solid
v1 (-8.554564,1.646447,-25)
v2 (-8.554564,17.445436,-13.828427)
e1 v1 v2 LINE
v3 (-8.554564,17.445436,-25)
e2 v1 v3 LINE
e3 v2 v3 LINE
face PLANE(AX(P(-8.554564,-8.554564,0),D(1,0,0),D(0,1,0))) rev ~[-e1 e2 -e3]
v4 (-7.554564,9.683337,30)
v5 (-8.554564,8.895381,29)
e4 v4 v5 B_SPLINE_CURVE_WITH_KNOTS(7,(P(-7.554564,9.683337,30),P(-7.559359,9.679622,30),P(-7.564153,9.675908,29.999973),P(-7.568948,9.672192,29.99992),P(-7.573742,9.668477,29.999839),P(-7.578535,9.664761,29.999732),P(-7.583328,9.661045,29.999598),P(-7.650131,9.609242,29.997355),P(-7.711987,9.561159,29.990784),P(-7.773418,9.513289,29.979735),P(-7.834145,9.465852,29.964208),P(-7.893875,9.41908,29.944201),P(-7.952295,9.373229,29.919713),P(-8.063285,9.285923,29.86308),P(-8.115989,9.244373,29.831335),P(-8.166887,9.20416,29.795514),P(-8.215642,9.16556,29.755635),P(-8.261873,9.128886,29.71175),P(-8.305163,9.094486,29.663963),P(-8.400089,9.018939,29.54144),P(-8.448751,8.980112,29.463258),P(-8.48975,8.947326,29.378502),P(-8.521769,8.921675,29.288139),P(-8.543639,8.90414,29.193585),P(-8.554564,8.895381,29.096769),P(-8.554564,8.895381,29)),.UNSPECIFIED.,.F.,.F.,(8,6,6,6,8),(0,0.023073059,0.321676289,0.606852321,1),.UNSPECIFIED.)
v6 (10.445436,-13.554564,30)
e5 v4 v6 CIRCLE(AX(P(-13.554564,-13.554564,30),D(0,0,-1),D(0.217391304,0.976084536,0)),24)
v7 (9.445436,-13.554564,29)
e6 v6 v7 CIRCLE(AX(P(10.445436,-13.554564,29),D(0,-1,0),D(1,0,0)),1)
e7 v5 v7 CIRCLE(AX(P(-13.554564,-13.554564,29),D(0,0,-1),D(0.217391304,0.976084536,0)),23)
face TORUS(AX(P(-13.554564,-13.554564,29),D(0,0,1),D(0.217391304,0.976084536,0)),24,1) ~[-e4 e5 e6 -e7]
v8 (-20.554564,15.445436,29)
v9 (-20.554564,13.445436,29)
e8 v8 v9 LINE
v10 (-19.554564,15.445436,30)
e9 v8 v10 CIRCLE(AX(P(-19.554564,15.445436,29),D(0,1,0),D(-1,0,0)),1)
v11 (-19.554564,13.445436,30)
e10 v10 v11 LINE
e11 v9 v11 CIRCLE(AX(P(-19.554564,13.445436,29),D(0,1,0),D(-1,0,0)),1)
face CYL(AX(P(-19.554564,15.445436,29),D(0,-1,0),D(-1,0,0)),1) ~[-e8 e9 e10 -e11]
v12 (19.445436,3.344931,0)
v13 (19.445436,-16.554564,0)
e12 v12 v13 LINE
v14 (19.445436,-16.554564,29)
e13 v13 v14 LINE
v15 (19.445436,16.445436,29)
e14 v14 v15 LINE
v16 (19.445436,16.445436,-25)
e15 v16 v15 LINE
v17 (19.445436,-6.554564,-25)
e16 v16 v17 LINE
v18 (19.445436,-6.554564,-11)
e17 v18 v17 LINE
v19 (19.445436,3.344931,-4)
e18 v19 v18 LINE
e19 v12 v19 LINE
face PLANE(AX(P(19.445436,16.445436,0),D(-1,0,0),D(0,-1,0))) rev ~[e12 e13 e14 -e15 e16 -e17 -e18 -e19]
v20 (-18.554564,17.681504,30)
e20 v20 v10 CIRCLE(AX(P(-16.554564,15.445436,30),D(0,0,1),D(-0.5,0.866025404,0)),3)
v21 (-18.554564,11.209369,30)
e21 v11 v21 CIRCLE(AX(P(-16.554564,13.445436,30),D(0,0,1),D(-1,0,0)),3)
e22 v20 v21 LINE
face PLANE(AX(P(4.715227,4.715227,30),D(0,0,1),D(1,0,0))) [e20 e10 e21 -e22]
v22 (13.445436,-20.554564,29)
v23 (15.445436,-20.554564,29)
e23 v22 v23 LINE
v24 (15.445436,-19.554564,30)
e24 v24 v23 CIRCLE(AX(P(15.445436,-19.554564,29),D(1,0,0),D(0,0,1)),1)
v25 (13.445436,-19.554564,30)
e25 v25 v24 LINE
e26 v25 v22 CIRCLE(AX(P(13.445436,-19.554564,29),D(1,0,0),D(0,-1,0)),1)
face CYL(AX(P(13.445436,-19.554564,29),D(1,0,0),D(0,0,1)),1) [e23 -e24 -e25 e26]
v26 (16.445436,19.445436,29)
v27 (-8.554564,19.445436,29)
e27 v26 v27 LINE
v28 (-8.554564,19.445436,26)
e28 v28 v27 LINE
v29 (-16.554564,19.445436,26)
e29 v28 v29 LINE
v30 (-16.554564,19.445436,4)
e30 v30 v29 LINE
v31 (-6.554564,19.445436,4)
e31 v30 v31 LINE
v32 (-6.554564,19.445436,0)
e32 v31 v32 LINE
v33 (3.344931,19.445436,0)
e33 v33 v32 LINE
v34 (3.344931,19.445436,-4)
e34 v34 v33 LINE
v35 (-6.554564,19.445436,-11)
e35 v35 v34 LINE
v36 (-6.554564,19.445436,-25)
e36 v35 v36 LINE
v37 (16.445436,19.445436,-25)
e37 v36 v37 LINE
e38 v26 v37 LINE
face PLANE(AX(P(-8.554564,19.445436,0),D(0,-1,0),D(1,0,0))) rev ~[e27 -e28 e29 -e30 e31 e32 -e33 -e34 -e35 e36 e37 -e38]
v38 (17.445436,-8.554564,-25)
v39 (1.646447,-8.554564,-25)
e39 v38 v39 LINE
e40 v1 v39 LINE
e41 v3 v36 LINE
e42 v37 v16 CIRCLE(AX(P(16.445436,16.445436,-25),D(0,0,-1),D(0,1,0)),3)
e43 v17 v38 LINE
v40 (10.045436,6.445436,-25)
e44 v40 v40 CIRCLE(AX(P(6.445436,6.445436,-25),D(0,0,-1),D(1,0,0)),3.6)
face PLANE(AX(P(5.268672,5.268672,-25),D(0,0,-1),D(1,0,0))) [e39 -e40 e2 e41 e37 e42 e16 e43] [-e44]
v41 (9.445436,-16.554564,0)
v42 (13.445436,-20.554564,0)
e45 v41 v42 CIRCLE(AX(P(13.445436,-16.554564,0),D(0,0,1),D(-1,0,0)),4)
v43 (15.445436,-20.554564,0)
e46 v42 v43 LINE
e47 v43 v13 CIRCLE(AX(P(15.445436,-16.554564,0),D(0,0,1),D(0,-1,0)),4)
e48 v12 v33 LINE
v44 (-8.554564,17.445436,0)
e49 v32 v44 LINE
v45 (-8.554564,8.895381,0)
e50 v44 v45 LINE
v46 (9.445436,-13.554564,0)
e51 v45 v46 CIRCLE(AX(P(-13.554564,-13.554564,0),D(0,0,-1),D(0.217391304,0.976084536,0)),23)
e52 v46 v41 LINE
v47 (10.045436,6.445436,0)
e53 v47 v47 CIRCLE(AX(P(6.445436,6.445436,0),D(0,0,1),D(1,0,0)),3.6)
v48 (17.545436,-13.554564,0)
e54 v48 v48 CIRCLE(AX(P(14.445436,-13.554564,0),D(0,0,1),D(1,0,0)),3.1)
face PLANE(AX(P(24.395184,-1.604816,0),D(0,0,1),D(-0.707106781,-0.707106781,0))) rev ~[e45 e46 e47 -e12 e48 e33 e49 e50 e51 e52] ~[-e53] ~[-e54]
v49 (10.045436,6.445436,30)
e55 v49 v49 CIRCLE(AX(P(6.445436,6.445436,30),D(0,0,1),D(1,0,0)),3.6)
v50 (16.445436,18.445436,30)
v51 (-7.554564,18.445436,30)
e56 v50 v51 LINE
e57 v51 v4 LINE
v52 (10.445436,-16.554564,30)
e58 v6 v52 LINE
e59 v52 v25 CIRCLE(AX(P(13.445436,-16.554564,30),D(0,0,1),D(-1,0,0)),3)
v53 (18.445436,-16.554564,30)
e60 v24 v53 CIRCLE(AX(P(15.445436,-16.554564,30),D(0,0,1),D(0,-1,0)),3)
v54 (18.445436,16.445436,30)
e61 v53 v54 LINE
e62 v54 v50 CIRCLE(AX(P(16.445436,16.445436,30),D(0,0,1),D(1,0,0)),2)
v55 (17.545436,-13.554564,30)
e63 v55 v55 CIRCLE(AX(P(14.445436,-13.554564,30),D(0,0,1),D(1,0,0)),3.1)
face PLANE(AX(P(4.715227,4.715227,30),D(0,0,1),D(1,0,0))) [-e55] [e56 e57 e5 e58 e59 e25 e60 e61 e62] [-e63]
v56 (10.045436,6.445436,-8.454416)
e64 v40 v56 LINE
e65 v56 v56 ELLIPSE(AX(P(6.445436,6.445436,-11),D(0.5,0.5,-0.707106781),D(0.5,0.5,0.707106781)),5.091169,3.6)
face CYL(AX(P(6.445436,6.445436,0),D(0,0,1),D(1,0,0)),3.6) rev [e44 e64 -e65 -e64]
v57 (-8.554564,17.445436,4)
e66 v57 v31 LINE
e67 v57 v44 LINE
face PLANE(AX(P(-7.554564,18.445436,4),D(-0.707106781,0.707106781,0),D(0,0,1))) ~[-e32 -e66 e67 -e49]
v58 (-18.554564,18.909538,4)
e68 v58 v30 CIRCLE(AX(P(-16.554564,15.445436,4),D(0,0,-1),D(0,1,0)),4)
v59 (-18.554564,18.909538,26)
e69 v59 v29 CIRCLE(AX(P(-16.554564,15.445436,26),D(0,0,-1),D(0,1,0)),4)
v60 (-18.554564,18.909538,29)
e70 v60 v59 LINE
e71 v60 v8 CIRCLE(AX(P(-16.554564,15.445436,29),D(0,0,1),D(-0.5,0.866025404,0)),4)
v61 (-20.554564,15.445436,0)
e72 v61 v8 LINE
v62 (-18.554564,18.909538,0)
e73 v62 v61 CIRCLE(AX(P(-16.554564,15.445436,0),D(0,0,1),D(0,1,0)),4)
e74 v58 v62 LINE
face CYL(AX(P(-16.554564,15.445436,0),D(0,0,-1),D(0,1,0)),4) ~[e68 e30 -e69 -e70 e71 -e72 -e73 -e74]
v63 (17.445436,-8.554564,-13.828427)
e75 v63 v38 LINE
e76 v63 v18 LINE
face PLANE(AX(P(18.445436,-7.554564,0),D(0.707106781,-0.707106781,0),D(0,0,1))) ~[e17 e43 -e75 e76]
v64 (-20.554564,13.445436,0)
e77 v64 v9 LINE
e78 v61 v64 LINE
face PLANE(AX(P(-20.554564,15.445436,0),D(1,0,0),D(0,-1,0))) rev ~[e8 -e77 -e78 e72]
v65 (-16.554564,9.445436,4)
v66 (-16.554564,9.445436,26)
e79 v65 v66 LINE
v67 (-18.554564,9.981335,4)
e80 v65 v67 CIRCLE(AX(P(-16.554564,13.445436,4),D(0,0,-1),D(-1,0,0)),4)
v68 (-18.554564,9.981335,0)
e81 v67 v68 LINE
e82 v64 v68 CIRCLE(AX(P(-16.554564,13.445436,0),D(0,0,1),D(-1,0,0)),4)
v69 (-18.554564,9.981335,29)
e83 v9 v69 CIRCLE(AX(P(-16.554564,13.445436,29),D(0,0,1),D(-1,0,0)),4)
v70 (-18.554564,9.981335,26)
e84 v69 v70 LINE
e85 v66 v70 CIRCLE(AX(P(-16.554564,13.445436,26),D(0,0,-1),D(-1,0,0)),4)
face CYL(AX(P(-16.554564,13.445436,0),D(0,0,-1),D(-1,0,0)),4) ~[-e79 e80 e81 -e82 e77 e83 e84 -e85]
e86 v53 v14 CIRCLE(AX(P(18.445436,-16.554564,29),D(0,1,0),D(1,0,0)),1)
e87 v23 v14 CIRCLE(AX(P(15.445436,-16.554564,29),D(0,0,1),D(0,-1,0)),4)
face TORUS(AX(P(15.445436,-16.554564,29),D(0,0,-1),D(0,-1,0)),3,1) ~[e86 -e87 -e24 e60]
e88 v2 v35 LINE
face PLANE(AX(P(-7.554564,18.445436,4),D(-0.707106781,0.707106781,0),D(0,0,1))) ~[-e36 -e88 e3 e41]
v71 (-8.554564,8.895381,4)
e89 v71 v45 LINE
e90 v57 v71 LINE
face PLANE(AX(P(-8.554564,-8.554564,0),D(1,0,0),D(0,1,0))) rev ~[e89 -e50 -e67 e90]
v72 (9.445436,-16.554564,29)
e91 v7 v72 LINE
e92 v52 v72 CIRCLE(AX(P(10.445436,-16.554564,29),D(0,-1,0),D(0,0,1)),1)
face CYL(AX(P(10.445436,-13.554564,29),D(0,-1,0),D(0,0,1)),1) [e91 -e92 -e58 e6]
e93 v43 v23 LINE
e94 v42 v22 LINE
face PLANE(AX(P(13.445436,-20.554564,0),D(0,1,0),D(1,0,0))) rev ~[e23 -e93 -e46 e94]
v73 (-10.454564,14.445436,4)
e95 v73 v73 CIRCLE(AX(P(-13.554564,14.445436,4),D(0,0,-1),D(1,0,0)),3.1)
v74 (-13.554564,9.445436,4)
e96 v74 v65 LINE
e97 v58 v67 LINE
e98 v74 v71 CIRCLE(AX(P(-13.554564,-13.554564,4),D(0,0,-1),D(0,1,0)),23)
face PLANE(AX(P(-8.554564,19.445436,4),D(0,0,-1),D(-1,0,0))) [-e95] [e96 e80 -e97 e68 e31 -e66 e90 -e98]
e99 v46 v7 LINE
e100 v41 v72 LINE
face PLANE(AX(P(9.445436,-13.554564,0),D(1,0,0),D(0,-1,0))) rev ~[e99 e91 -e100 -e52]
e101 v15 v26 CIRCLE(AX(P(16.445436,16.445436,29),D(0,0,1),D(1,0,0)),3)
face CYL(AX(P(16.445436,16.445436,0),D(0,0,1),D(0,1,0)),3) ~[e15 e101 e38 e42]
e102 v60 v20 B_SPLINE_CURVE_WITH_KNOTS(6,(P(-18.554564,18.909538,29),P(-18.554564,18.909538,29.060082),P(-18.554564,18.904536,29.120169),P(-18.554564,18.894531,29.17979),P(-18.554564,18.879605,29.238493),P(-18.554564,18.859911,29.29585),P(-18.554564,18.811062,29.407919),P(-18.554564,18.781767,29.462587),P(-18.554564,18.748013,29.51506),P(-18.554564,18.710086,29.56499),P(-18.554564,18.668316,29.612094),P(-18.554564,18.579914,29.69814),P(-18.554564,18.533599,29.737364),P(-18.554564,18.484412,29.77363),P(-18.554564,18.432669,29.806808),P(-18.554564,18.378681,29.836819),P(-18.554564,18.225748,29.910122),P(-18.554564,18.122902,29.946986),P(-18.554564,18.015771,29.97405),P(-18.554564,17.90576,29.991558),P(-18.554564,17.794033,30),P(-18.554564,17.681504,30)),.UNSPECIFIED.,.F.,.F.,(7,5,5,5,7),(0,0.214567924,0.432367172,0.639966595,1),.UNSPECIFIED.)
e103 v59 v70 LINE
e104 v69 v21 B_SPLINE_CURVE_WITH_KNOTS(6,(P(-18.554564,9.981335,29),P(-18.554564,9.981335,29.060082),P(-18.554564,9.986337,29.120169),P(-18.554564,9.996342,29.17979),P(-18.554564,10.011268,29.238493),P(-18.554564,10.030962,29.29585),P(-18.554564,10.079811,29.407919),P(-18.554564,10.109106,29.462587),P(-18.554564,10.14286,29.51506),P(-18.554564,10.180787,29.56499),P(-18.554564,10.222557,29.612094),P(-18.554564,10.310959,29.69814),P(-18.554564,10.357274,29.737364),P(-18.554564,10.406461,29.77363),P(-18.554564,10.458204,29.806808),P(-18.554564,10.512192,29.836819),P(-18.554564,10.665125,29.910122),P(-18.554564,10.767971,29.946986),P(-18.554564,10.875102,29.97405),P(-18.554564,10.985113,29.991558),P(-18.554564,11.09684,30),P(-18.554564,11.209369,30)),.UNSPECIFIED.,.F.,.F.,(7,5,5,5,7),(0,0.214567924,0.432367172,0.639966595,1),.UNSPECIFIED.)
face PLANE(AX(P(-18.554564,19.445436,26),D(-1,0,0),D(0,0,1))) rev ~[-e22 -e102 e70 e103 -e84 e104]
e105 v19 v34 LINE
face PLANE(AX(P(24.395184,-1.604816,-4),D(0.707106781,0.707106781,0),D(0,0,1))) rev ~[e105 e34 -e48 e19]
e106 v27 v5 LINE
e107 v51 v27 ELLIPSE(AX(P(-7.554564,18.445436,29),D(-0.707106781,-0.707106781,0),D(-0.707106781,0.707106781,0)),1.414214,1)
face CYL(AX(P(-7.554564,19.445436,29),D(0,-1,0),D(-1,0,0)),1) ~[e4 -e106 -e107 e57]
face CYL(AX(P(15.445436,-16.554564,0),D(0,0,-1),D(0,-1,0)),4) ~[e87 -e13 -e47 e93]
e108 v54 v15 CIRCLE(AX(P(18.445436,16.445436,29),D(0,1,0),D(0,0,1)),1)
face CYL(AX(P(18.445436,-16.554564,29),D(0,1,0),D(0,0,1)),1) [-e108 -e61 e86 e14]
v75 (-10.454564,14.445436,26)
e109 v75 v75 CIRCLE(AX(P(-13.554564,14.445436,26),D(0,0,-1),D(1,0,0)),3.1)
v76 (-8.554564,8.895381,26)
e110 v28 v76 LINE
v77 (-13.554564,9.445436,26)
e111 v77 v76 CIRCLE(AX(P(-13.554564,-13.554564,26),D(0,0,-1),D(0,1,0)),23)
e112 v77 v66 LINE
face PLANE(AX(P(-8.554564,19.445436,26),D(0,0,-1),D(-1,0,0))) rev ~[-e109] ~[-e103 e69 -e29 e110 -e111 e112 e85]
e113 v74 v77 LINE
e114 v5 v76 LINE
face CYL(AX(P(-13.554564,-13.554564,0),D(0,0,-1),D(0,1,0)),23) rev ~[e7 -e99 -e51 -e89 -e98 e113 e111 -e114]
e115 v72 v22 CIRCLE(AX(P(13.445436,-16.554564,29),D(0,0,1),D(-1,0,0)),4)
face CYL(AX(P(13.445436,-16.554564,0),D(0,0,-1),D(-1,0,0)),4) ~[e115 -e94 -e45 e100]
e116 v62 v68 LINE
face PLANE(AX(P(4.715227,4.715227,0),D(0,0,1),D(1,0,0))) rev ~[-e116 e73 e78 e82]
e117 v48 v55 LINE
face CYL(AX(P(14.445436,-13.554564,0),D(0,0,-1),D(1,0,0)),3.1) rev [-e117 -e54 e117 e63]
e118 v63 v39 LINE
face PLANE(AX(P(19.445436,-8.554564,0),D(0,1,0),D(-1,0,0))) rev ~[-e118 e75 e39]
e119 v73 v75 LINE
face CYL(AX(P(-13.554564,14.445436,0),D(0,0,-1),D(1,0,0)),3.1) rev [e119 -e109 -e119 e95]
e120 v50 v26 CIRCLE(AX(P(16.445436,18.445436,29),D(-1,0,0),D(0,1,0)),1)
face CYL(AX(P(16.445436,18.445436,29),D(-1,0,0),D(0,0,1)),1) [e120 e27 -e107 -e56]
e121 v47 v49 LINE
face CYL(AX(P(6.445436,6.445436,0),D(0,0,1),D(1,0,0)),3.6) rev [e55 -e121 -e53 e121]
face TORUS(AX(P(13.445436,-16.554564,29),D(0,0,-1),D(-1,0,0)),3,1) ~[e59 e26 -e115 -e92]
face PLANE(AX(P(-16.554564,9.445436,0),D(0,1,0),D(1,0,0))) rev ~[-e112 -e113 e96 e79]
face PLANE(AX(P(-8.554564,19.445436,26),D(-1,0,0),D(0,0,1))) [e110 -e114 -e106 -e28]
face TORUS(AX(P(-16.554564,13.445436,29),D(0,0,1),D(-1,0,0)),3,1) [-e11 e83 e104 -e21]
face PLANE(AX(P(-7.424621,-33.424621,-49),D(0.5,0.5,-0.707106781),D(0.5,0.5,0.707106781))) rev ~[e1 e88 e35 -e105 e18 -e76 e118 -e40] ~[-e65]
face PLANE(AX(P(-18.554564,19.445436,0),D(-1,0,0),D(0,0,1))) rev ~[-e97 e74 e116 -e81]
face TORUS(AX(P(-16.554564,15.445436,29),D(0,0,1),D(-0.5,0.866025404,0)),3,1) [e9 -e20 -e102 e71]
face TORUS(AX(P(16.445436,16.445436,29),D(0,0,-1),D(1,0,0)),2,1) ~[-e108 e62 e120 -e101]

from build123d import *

# Parameters (mm, degrees)
F0_R     = 3.1
F0_R_2   = 3.6
F1_DEPTH = 30
F2_W     = 10
F2_H     = 4
F3_DEPTH = 40.001
F4_R     = 1
F5_R     = 3.6
F6_DEPTH = 25
F7_SIZE  = 2
F9_DEPTH = 46.6700476997


with BuildPart() as f1:
    # F0 (on Top) → F1 (new body)
    with BuildSketch(Plane.XY):
        with BuildLine():
            Line((16.4454364826, 19.4454364826), (-16.5545635174, 19.4454364826))
            ThreePointArc((-16.5545635174, 19.4454364826), (-19.3829906421, 18.2738636074), (-20.5545635174, 15.4454364826))
            Line((-20.5545635174, 15.4454364826), (-20.5545635174, 13.4454364826))
            ThreePointArc((-20.5545635174, 13.4454364826), (-19.3829906421, 10.6170093579), (-16.5545635174, 9.4454364826))
            Line((-16.5545635174, 9.4454364826), (-13.5545635174, 9.4454364826))
            ThreePointArc((-13.5545635174, 9.4454364826), (2.7088924499, 2.7088924499), (9.4454364826, -13.5545635174))
            Line((9.4454364826, -13.5545635174), (9.4454364826, -16.5545635174))
            ThreePointArc((9.4454364826, -16.5545635174), (10.6170093579, -19.3829906421), (13.4454364826, -20.5545635174))
            Line((13.4454364826, -20.5545635174), (15.4454364826, -20.5545635174))
            ThreePointArc((15.4454364826, -20.5545635174), (18.2738636074, -19.3829906421), (19.4454364826, -16.5545635174))
            Line((19.4454364826, -16.5545635174), (19.4454364826, 16.4454364826))
            ThreePointArc((19.4454364826, 16.4454364826), (18.5667568262, 18.5667568262), (16.4454364826, 19.4454364826))
        make_face()
        with Locations((14.4454364826, -13.5545635174)):
            Circle(F0_R, mode=Mode.SUBTRACT)
        with Locations((-13.5545635174, 14.4454364826)):
            Circle(F0_R, mode=Mode.SUBTRACT)
        with Locations((6.4454364826, 6.4454364826)):
            Circle(F0_R_2, mode=Mode.SUBTRACT)
    extrude(amount=F1_DEPTH)

    # F2 (on face) → F3 (cut, through all)
    with BuildSketch(Plane(origin=(0, 19.4454364826, 0), x_dir=(-1, 0, 0), z_dir=(0, 1, 0))):
        with Locations((13.5545635174, 28)):
            Rectangle(F2_W, F2_H)
        with Locations((13.5545635174, 2)):
            Rectangle(F2_W, F2_H)
    extrude(amount=-F3_DEPTH, mode=Mode.SUBTRACT)

    # F4
    f4_edges = [f1.edges().sort_by_distance(p)[0] for p in [
        (4.389795, 0.832931, 30),
        (-20.554564, 14.445436, 30),
        (-8.554564, 14.170409, 30),
    ]]
    fillet(f4_edges, radius=F4_R)

    # F5 (on face) → F6 (join)
    with BuildSketch(Plane(origin=(0, 0, 0), x_dir=(1, 0, 0), z_dir=(0, 0, -1))):
        with BuildLine():
            Line((-8.5545635174, 8.5545635174), (-8.5545635174, -19.4454364826))
            Line((-8.5545635174, -19.4454364826), (16.4454364826, -19.4454364826))
            ThreePointArc((16.4454364826, -19.4454364826), (18.5667568262, -18.5667568262), (19.4454364826, -16.4454364826))
            Line((19.4454364826, -16.4454364826), (19.4454364826, 8.5545635174))
            Line((19.4454364826, 8.5545635174), (-8.5545635174, 8.5545635174))
        make_face()
        with Locations((6.4454364826, -6.4454364826)):
            Circle(F5_R, mode=Mode.SUBTRACT)
    extrude(amount=F6_DEPTH)

    # F7
    f7_edges = [f1.edges().sort_by_distance(p)[0] for p in [
        (19.445436, -8.554564, -12.5),
        (-8.554564, 19.445436, -10.5),
    ]]
    chamfer(f7_edges, length=F7_SIZE)

    # F8 (on face) → F9 (cut, through all)
    with BuildSketch(Plane(origin=(13, -13, 0), x_dir=(0.7071067812, 0.7071067812, 0), z_dir=(0.7071067812, -0.7071067812, 0))):
        Polygon((16.1152236891, -4), (16.1152236891, 0), (-28.8847763109, 0), (-28.8847763109, -49), align=None)
    extrude(amount=-F9_DEPTH, mode=Mode.SUBTRACT)


solid = f1.part
